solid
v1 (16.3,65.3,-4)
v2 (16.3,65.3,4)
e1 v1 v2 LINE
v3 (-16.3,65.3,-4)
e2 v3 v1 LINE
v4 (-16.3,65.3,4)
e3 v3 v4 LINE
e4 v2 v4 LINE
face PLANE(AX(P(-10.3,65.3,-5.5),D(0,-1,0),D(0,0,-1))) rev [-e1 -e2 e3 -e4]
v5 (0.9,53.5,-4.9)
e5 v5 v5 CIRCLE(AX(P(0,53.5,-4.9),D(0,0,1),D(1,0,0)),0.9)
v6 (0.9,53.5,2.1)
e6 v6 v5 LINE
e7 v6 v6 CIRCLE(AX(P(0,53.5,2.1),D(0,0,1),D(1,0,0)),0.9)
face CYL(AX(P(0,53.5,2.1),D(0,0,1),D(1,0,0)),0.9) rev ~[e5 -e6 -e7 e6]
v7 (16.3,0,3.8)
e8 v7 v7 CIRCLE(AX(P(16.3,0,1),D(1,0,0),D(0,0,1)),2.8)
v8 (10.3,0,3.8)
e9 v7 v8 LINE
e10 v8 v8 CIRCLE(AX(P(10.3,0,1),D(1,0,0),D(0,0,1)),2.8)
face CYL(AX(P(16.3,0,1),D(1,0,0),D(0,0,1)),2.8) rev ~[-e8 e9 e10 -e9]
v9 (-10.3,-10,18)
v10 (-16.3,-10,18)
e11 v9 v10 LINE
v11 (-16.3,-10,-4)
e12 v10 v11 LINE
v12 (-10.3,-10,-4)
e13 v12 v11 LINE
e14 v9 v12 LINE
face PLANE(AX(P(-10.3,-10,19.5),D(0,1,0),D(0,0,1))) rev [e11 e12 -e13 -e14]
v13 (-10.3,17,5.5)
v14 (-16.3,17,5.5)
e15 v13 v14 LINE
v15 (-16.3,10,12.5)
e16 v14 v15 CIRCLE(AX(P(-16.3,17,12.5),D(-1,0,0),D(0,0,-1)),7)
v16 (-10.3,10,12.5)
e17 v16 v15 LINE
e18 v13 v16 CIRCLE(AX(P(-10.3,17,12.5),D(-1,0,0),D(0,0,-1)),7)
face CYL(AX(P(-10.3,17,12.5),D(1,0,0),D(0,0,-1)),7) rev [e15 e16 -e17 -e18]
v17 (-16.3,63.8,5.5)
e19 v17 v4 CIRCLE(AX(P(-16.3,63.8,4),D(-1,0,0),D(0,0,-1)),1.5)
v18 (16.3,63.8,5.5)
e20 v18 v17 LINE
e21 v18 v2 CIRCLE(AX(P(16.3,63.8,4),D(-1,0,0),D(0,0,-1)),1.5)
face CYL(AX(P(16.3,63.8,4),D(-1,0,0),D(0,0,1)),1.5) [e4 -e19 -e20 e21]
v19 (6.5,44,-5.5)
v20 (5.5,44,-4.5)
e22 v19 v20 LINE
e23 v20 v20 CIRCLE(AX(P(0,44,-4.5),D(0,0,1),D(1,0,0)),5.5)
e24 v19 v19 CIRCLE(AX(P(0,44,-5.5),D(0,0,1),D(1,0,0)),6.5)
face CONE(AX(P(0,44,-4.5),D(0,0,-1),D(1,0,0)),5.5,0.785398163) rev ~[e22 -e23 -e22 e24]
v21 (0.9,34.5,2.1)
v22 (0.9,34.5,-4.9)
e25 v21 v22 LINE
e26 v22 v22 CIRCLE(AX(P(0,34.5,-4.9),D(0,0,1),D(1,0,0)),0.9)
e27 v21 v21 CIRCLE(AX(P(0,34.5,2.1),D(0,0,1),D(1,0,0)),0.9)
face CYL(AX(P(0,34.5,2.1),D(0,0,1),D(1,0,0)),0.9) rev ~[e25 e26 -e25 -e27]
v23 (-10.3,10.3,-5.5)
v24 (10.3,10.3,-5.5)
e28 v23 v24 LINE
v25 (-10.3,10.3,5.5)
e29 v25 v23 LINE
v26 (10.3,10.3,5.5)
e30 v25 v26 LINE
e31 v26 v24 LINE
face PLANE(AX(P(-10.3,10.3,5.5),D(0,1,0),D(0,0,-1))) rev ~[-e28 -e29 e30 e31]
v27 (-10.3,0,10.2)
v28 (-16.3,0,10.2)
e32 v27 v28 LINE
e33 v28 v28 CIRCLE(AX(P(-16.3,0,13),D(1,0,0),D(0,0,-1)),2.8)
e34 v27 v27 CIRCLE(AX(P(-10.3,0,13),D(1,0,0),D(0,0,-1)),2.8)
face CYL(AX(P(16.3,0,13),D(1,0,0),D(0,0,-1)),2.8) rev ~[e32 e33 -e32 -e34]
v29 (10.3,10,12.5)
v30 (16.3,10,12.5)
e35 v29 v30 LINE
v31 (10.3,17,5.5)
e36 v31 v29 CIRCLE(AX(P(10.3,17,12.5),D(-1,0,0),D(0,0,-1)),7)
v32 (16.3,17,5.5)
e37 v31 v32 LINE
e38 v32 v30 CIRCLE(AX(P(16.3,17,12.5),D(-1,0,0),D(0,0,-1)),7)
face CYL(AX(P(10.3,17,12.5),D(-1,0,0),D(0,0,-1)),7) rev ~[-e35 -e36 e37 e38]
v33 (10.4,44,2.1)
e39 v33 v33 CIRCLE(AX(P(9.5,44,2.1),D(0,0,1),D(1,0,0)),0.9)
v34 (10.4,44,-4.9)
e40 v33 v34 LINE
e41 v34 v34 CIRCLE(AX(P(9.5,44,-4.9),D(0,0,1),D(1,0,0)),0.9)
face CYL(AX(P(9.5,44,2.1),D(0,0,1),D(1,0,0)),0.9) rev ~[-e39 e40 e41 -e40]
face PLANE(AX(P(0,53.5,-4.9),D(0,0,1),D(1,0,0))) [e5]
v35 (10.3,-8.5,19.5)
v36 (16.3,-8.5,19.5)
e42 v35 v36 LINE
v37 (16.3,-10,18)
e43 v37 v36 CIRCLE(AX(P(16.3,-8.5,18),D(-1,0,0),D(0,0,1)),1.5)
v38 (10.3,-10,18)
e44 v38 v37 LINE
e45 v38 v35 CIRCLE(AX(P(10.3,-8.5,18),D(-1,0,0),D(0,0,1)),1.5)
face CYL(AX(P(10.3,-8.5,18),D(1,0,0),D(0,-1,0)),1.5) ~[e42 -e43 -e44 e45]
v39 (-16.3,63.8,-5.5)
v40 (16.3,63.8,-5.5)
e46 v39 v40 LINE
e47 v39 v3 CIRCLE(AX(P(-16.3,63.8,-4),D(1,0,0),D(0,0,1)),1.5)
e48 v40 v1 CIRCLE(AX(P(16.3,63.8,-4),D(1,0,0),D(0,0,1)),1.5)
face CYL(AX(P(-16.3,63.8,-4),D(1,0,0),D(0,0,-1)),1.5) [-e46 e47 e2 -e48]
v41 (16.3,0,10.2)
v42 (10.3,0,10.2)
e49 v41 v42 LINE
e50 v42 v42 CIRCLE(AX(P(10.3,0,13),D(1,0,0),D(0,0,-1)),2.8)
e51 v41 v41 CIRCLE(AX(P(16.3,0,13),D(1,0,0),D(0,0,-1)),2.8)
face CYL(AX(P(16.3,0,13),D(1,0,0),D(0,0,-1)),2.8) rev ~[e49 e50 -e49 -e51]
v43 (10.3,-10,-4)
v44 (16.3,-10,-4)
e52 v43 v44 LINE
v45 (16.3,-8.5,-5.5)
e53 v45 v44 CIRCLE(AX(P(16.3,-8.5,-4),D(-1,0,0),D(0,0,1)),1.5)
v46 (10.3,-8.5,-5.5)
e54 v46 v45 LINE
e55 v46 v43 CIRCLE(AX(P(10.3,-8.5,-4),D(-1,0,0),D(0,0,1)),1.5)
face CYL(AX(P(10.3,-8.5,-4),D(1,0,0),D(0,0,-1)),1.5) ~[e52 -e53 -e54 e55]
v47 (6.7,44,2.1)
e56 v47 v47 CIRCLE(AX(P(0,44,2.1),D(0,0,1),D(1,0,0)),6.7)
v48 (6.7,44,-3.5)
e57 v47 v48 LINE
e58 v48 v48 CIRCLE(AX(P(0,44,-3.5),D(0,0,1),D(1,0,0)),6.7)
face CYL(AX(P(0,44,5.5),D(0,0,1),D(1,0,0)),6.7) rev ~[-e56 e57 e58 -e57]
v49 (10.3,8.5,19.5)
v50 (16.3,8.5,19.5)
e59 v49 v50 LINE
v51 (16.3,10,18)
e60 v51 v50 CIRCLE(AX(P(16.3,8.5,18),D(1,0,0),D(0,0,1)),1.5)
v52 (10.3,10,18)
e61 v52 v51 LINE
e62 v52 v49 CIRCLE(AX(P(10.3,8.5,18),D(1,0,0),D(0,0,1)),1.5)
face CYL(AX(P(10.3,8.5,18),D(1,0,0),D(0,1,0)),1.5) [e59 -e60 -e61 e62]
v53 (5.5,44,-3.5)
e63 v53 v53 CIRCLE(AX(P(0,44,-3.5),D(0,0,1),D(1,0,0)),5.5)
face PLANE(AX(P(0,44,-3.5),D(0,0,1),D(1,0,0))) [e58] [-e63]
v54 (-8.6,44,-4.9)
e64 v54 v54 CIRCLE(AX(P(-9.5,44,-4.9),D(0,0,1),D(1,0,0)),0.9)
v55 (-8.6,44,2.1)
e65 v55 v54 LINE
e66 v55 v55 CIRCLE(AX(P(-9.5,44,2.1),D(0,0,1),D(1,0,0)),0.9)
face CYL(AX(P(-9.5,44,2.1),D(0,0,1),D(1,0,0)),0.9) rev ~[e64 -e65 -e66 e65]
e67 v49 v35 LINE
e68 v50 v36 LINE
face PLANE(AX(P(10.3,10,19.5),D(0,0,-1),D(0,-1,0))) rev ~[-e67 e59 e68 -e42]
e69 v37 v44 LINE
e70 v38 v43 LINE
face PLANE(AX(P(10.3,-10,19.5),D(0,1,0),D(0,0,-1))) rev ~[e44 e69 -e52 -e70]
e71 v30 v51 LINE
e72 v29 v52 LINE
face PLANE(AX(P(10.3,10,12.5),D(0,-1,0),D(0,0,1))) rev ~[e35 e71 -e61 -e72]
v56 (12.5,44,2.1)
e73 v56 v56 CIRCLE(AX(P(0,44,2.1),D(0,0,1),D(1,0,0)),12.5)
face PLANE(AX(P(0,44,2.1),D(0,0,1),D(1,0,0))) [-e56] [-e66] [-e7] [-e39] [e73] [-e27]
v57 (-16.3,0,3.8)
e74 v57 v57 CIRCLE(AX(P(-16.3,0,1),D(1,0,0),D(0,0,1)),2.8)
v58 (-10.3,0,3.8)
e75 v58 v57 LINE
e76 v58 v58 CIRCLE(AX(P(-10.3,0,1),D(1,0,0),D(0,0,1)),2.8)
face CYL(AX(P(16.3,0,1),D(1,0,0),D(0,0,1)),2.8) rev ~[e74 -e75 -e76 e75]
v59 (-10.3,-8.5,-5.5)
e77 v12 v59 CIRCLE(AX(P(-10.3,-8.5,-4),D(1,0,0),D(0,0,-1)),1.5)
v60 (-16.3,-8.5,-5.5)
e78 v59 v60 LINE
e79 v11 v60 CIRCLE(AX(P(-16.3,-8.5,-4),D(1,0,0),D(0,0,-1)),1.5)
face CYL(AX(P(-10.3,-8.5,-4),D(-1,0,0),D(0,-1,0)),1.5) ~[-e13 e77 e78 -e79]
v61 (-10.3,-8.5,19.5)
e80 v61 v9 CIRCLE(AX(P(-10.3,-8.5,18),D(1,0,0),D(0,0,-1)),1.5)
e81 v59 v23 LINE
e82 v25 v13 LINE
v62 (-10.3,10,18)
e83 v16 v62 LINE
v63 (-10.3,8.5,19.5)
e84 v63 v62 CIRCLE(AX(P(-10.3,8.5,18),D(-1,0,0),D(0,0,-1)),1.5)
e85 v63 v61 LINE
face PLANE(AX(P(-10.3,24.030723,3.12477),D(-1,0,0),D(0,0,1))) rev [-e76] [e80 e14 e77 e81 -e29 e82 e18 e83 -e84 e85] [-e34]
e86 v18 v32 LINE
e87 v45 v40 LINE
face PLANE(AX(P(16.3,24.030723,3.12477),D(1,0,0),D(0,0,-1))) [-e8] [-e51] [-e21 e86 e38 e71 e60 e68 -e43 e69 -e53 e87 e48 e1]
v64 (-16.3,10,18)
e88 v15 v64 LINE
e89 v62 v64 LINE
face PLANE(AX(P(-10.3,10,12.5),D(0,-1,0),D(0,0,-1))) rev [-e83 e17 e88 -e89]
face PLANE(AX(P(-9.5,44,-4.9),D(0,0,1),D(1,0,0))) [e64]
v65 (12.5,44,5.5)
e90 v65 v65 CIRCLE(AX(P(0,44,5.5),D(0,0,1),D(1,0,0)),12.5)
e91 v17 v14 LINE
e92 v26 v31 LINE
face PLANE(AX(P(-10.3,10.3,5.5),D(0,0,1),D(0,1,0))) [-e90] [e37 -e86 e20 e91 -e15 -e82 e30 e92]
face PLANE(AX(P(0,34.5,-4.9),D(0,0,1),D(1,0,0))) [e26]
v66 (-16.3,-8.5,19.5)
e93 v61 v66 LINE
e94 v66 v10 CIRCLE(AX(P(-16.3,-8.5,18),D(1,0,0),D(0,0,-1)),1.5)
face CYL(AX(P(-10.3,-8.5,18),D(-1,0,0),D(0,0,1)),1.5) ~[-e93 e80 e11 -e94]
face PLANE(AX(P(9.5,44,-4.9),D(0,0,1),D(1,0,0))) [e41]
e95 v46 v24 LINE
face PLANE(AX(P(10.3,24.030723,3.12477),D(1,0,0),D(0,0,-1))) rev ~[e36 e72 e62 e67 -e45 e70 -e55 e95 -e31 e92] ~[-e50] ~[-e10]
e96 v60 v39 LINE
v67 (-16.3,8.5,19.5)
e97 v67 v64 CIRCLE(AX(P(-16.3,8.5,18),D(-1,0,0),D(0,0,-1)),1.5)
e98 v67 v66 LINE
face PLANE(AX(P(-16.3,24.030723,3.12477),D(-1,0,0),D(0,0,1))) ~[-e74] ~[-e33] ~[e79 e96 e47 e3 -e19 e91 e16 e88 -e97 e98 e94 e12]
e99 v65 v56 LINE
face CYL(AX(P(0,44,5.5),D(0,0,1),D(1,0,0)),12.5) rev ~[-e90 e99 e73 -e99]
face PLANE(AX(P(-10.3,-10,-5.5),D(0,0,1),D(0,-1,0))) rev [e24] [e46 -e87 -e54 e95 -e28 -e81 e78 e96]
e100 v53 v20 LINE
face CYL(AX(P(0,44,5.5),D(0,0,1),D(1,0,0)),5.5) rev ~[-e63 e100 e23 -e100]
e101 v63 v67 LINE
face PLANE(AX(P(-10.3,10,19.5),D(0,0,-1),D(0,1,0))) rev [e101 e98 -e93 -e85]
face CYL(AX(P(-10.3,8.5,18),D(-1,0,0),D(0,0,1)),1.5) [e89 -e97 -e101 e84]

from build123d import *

# Parameters (mm, degrees)
EXTRUDE1_DEPTH      = 10.3
EXTRUDE1_DEPTH_BACK = 10.3
SKETCH1_W           = 11
SKETCH1_H           = 55
EXTRUDE2_DEPTH      = 6
SKETCH5_R           = 5.5
EXTRUDE4_DEPTH      = 69.744308855
SKETCH_1_R          = 2.8
CUT_EXTRUDE_1_DEPTH = 76.545350618
FILLET2_R           = 1.5
SKETCH_4_R          = 6.7
CUT_EXTRUDE_2_DEPTH = 9
SKETCH_5_R          = 12.5
CUT_EXTRUDE_3_DEPTH = 3.4
SKETCH_6_R          = 0.9
CUT_EXTRUDE_4_DEPTH = 7
CHAMFER_1_SIZE      = 1


with BuildPart() as part:
    # Sketch1 → Extrude1 (new, two sides: drawn at the far end of the back side and taken through both)
    with BuildSketch(Plane(origin=(0, 0, 0), x_dir=(0, 0, -1), z_dir=(1, 0, 0)).offset(-EXTRUDE1_DEPTH_BACK)):
        with Locations((0, 37.8)):
            Rectangle(SKETCH1_W, SKETCH1_H)
    extrude(amount=EXTRUDE1_DEPTH + EXTRUDE1_DEPTH_BACK)

    # Sketch2 → Extrude2 (add)
    with BuildSketch(Plane(origin=(10.3, 0, 0), x_dir=(0, 0, -1), z_dir=(1, 0, 0))):
        with BuildLine():
            Line((-19.5, 10), (-19.5, -10))
            Line((-19.5, -10), (5.5, -10))
            Line((5.5, -10), (5.5, 17))
            Line((5.5, 17), (5.5, 65.3))
            Line((5.5, 65.3), (-5.5, 65.3))
            Line((-5.5, 65.3), (-5.5, 17))
            ThreePointArc((-5.5, 17), (-7.550252532, 12.050252532), (-12.5, 10))
            Line((-12.5, 10), (-19.5, 10))
        make_face()
    extrude2 = extrude(amount=EXTRUDE2_DEPTH)

    # Mirror2: Extrude2 across plane
    add(extrude2.mirror(Plane(origin=(0, 0, 0), x_dir=(0, 0, 1), z_dir=(1, 0, 0))))

    # Sketch5 → Extrude4 (cut, through all)
    with BuildSketch(Plane.XY.offset(5.5)):
        with Locations((0, 44)):
            Circle(SKETCH5_R)
    extrude(amount=-EXTRUDE4_DEPTH, mode=Mode.SUBTRACT)

    # Эскиз1 → Вырез-Вытянуть1 (cut, through all)
    with BuildSketch(Plane(origin=(16.3, 0, 0), x_dir=(0, 0, -1), z_dir=(1, 0, 0))):
        with Locations((-13, 0)):
            Circle(SKETCH_1_R)
        with Locations(Location((-1, 0, 0), (0, 0, 180))):
            Circle(SKETCH_1_R)
    extrude(amount=-CUT_EXTRUDE_1_DEPTH, mode=Mode.SUBTRACT)

    # Fillet2
    fillet2_edges = [part.edges().sort_by_distance(p)[0] for p in [
        (13.3, -10, 19.5),
        (13.3, -10, -5.5),
        (13.3, 10, 19.5),
        (-13.3, -10, -5.5),
        (-13.3, -10, 19.5),
        (-13.3, 10, 19.5),
        (0, 65.3, 5.5),
        (0, 65.3, -5.5),
    ]]
    fillet(fillet2_edges, radius=FILLET2_R)

    # Эскиз4 → Вырез-Вытянуть2 (cut)
    with BuildSketch(Plane.XY.offset(5.5)):
        with Locations((0, 44)):
            Circle(SKETCH_4_R)
    extrude(amount=-CUT_EXTRUDE_2_DEPTH, mode=Mode.SUBTRACT)

    # Эскиз5 → Вырез-Вытянуть3 (cut)
    with BuildSketch(Plane.XY.offset(5.5)):
        with Locations((0, 44)):
            Circle(SKETCH_5_R)
    extrude(amount=-CUT_EXTRUDE_3_DEPTH, mode=Mode.SUBTRACT)

    # Эскиз6 → Вырез-Вытянуть4 (cut)
    with BuildSketch(Plane.XY.offset(2.1)):
        with Locations((0, 53.5)):
            Circle(SKETCH_6_R)
        with Locations((9.5, 44)):
            Circle(SKETCH_6_R)
        with Locations((0, 34.5)):
            Circle(SKETCH_6_R)
        with Locations((-9.5, 44)):
            Circle(SKETCH_6_R)
    extrude(amount=-CUT_EXTRUDE_4_DEPTH, mode=Mode.SUBTRACT)

    # Фаска1
    chamfer_1_edges = [part.edges().sort_by_distance(p)[0] for p in [
        (-5.5, 44, -5.5),
    ]]
    chamfer(chamfer_1_edges, length=CHAMFER_1_SIZE)


solid = part.part
